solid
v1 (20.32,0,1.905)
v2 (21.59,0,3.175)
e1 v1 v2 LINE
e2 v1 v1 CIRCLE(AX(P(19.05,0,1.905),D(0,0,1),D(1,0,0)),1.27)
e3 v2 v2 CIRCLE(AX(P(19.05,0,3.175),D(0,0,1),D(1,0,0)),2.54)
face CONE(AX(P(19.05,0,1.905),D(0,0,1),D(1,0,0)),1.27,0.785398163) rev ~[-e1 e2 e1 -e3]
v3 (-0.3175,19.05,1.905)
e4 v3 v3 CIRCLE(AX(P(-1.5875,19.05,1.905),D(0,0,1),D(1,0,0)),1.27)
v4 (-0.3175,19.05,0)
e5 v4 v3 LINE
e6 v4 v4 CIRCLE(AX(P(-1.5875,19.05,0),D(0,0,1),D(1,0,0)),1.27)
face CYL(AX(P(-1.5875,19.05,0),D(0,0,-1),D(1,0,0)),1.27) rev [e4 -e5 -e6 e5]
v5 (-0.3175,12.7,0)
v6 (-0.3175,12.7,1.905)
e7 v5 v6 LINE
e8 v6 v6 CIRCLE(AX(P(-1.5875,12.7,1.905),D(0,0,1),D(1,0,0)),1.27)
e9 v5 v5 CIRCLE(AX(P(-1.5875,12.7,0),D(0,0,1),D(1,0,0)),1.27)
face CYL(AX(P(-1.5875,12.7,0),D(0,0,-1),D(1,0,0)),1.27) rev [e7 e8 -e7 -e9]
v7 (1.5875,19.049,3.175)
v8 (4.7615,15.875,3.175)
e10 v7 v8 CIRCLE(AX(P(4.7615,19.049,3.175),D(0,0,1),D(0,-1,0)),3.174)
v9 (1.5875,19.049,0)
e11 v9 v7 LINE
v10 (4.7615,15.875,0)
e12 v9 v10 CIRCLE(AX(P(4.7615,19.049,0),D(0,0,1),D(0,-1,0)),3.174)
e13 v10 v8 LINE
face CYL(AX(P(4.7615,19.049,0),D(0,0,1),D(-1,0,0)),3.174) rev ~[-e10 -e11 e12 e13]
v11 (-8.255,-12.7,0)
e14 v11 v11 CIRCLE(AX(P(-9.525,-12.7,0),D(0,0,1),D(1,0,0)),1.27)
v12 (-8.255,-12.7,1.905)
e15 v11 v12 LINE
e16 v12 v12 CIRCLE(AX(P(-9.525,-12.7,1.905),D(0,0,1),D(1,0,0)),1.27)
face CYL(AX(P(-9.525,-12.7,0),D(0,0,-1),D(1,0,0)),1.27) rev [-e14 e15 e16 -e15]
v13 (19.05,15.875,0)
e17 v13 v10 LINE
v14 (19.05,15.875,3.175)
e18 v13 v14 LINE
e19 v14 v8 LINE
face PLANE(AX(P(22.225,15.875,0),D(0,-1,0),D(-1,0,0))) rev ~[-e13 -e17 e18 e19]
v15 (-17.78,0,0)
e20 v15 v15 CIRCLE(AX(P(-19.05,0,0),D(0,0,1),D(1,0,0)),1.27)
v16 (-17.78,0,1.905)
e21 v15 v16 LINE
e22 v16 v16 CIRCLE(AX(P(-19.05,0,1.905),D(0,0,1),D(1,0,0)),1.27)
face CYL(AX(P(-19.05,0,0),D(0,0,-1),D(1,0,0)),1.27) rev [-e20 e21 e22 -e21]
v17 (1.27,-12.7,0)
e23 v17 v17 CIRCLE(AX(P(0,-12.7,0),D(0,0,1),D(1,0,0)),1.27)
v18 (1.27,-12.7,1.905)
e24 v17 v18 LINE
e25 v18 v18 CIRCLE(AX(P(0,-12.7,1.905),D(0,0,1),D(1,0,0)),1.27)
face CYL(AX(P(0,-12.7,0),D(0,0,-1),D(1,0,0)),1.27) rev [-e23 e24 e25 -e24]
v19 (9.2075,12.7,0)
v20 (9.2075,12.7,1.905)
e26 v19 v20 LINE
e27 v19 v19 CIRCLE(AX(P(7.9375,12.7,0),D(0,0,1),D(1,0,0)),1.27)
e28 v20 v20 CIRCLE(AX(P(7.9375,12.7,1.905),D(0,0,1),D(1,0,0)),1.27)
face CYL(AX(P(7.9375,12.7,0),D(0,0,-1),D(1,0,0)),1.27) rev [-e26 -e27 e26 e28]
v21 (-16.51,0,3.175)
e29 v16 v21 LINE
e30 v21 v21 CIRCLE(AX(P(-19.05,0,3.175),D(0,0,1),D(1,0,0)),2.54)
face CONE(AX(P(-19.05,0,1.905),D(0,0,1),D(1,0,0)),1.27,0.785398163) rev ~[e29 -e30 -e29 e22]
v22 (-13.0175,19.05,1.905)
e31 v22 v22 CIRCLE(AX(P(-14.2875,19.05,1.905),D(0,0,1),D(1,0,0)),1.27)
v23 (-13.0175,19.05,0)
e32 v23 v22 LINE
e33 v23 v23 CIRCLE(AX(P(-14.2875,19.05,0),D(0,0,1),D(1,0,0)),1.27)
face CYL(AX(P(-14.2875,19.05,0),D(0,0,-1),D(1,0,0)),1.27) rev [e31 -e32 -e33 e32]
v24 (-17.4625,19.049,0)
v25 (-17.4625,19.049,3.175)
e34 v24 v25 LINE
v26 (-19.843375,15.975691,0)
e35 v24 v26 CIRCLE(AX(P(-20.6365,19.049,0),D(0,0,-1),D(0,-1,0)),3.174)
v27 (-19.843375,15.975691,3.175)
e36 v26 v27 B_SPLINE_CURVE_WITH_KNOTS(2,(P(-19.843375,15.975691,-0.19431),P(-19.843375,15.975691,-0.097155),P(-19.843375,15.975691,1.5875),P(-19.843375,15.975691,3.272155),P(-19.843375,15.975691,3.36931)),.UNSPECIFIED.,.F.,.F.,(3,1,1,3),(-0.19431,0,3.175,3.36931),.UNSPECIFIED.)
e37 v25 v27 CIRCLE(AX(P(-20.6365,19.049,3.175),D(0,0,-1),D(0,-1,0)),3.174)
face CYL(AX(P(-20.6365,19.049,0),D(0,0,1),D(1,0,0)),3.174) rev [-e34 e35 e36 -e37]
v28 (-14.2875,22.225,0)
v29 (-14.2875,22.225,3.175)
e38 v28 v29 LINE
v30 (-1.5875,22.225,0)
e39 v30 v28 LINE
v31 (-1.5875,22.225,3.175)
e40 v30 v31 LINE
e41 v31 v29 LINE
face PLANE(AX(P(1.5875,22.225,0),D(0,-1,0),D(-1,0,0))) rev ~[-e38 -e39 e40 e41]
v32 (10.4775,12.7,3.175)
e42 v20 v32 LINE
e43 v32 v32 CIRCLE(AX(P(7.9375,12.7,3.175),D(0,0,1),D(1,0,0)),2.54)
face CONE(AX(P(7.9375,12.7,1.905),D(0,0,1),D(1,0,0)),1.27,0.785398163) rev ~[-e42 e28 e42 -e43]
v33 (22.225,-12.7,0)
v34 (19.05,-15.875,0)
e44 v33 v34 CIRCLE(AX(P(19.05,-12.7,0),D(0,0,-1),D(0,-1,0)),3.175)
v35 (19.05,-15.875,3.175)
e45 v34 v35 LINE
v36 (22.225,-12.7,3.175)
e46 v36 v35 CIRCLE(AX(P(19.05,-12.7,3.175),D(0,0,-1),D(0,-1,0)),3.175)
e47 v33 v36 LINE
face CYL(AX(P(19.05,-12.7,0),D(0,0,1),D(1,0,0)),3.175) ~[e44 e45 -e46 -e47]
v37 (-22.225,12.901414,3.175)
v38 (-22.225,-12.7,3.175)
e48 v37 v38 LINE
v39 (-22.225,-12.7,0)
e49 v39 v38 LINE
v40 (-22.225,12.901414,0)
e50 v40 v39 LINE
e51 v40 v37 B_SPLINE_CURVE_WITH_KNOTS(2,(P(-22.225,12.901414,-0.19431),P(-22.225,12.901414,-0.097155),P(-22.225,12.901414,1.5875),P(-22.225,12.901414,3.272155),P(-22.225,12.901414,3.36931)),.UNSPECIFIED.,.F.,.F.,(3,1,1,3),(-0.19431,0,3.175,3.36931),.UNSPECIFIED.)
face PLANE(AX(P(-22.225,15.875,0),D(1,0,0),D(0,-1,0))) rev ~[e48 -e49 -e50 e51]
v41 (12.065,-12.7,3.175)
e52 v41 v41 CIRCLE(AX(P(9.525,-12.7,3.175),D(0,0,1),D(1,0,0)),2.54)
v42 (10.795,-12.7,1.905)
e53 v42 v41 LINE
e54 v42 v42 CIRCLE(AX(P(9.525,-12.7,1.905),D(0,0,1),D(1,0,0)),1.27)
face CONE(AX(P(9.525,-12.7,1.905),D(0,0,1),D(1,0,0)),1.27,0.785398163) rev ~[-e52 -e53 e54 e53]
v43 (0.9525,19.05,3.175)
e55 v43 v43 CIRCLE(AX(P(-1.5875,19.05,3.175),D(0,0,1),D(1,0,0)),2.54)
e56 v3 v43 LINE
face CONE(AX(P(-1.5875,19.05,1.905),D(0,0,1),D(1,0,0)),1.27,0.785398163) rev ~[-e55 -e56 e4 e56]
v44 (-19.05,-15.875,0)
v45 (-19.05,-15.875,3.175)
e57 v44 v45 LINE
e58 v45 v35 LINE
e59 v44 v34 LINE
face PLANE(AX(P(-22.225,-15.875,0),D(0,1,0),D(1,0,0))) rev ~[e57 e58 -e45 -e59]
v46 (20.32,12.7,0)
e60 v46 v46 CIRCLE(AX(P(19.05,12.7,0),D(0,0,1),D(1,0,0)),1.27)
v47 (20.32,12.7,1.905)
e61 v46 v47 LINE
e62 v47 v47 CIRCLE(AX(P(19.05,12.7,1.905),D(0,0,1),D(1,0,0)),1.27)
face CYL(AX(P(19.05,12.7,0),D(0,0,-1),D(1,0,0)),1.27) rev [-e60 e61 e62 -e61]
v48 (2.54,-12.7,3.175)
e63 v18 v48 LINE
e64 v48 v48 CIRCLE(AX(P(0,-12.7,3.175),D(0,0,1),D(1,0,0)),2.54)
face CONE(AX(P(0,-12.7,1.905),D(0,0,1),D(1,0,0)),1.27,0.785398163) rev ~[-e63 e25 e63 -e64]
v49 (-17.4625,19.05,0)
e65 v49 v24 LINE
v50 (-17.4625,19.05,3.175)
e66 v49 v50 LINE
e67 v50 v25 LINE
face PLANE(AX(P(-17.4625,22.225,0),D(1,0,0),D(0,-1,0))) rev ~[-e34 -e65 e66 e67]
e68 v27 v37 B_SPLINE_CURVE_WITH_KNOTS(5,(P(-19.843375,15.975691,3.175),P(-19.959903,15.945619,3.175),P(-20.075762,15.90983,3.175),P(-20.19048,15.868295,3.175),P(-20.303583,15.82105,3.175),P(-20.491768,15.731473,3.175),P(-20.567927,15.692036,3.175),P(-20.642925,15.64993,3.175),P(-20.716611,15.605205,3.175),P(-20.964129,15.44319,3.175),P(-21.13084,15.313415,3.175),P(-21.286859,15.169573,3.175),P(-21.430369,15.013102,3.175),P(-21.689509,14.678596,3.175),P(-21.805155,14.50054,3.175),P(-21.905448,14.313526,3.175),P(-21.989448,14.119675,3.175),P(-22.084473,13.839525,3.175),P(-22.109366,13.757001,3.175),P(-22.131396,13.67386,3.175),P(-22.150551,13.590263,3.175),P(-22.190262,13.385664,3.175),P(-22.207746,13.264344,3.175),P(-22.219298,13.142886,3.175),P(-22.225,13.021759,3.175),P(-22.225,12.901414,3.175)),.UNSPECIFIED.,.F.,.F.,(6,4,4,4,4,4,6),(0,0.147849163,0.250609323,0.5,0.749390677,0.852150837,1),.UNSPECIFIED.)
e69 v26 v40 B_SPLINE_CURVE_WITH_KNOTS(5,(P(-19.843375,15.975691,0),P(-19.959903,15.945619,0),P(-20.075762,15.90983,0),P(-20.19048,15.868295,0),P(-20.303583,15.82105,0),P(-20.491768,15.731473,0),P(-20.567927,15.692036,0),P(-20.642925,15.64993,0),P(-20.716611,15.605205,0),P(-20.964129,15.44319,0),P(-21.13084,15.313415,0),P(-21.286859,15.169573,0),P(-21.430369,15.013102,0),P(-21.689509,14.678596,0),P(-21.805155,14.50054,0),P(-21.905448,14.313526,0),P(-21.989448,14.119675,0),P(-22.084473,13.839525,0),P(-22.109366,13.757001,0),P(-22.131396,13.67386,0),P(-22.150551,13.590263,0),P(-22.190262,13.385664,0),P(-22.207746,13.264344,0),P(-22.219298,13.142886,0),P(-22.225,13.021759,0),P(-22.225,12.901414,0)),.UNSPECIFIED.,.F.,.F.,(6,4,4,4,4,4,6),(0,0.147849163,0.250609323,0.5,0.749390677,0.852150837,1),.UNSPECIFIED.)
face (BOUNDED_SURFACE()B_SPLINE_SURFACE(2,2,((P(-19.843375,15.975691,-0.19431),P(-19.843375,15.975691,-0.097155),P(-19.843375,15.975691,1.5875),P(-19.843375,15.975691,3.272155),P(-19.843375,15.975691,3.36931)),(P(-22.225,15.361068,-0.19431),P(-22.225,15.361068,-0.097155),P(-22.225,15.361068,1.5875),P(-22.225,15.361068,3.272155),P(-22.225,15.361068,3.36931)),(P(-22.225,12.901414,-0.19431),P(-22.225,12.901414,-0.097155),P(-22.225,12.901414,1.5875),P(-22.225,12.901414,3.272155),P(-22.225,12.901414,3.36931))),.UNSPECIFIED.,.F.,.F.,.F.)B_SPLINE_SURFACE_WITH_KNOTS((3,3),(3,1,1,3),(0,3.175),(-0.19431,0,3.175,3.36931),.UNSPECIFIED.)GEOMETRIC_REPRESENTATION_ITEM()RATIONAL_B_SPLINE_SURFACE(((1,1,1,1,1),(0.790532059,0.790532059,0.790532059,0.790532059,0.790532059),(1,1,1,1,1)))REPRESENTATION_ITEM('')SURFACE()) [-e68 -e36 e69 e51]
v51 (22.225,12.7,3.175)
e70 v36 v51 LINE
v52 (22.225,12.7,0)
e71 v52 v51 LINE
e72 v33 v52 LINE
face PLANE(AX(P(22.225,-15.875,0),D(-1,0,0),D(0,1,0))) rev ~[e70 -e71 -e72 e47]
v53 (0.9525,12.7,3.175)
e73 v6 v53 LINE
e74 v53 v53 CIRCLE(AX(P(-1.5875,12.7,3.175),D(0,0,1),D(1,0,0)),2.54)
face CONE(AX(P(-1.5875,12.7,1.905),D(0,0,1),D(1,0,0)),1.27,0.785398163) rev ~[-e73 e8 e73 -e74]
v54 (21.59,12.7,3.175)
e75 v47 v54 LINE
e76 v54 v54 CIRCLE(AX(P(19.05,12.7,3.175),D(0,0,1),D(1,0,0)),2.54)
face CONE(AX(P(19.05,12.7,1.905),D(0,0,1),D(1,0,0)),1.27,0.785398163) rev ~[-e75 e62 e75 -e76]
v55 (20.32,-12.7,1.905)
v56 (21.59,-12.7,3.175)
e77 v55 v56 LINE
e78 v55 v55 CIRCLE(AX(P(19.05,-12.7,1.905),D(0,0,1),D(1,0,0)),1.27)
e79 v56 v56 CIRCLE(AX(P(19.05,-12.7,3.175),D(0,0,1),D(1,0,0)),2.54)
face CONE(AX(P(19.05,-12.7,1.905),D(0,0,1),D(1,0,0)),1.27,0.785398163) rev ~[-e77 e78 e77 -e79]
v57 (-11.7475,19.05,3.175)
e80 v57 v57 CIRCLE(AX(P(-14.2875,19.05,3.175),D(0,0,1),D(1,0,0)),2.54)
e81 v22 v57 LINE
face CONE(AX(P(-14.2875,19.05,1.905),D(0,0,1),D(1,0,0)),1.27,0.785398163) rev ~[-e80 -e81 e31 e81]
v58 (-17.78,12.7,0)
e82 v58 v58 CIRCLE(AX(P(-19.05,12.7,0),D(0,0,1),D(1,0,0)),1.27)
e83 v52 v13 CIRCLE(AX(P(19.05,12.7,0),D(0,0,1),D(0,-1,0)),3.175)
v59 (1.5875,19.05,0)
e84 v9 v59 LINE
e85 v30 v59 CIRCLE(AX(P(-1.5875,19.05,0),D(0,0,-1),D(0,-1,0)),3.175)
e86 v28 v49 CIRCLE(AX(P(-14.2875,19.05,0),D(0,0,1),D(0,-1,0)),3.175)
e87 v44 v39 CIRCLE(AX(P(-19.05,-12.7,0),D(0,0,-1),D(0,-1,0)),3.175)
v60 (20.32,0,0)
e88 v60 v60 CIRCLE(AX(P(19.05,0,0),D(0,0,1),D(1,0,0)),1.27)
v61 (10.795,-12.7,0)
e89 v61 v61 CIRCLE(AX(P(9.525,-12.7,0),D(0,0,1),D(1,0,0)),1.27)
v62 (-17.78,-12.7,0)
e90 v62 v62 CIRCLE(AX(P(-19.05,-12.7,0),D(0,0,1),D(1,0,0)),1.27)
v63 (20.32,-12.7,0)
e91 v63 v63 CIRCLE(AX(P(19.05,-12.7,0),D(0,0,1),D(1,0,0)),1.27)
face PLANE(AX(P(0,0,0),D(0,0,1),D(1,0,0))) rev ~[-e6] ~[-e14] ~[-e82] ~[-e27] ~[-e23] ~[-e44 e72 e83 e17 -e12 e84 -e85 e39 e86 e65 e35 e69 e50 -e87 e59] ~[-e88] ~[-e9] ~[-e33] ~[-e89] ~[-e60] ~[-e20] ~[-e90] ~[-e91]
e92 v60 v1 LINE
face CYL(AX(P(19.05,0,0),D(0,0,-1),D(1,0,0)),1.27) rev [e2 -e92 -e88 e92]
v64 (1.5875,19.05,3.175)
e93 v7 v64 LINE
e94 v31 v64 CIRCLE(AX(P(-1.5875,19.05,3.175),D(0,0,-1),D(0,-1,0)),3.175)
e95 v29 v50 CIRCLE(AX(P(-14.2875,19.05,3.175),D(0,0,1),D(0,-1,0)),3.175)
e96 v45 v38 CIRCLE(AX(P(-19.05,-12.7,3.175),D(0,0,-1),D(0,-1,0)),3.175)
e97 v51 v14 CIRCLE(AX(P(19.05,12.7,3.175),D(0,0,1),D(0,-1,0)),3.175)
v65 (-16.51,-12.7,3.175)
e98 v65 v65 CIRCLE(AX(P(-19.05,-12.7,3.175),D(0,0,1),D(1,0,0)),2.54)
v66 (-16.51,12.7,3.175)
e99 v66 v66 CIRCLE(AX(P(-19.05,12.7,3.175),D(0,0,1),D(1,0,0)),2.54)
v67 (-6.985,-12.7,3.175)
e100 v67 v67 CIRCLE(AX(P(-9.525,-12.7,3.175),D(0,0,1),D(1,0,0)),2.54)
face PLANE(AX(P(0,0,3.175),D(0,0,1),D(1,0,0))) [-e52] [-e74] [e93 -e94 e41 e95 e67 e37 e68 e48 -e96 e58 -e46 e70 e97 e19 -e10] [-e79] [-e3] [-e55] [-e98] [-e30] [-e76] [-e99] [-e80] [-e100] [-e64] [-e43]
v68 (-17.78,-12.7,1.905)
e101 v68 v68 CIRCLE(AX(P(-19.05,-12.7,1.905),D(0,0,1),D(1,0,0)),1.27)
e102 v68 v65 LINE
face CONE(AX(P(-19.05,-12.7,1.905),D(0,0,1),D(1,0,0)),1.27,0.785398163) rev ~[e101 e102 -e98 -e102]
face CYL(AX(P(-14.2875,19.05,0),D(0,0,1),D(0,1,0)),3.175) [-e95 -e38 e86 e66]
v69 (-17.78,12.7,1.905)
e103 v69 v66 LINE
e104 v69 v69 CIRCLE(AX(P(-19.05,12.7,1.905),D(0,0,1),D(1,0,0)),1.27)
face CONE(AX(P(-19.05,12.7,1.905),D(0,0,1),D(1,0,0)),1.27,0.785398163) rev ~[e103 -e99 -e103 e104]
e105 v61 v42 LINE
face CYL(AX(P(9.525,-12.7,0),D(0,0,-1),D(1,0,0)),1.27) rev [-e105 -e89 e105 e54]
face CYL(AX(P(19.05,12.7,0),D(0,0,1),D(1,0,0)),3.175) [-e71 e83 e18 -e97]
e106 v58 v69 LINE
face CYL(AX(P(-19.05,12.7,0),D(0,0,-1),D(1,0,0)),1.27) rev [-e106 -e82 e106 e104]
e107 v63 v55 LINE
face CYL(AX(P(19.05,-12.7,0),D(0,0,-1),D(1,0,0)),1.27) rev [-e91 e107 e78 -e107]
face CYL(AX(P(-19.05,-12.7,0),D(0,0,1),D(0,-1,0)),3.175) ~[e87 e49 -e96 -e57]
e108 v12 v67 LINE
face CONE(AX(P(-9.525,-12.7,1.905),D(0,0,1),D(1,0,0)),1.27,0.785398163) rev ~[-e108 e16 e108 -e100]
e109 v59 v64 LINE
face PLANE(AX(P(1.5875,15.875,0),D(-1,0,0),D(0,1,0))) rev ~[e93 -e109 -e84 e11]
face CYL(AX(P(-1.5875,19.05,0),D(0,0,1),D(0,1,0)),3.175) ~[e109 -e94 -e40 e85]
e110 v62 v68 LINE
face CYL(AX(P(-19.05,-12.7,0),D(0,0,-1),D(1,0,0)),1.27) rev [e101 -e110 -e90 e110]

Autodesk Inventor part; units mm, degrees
ref_plane "YZ Plane" through (0, 0, 0) normal (1, 0, 0) x (0, 1, 0)
ref_plane "XZ Plane" through (0, 0, 0) normal (0, 1, 0) x (-1, 0, 0)
ref_plane "XY Plane" through (0, 0, 0) normal (0, 0, 1) x (1, 0, 0)
sketch "Sketch4" plane through (0, 0, 0) normal (0, 0, 1) x (1, 0, 0)
  line L0 (15.875, 9.525) -> (15.875, -9.525)
  line L1 (15.875, -9.525) -> (-15.875, -9.525)
  line L2 (-15.875, -9.525) -> (-15.875, 9.525)
  line L3 (-15.875, 9.525) -> (-11.1125, 9.525)
  line L4 (-11.1125, 9.525) -> (-11.1125, 15.875)
  line L5 (-11.1125, 15.875) -> (-4.7625, 15.875)
  line L6 (-4.7625, 15.875) -> (-4.7625, 9.525)
  line L7 (-4.7625, 9.525) -> (15.875, 9.525)
  line L8 (1.5875, 22.225) -> (-17.4625, 22.225)
  line L9 (-17.4625, 22.225) -> (-17.4625, 15.875)
  line L10 (-17.4625, 15.875) -> (-22.225, 15.875)
  line L11 (-22.225, 15.875) -> (-22.225, -15.875)
  line L12 (-22.225, -15.875) -> (22.225, -15.875)
  line L13 (22.225, -15.875) -> (22.225, 15.875)
  line L14 (22.225, 15.875) -> (1.5875, 15.875)
  line L15 (1.5875, 15.875) -> (1.5875, 22.225)
  circle A0 centre (-14.2875, 19.05) radius 1.27
  circle A1 centre (-1.5875, 19.05) radius 1.27
  circle A2 centre (-1.5875, 12.7) radius 1.27
  circle A3 centre (7.9375, 12.7) radius 1.27
  circle A4 centre (19.05, 12.7) radius 1.27
  circle A5 centre (19.05, 0) radius 1.27
  circle A6 centre (19.05, -12.7) radius 1.27
  circle A7 centre (-19.05, 0) radius 1.27
  circle A8 centre (-19.05, -12.7) radius 1.27
  circle A9 centre (-9.525, -12.7) radius 1.27
  circle A10 centre (0, -12.7) radius 1.27
  circle A11 centre (9.525, -12.7) radius 1.27
  circle A12 centre (-19.05, 12.7) radius 1.27
  point P0 (0, 0)
  dimension "d95" = 2.54
  dimension "d96" = 2.54
  dimension "d97" = 2.54
  dimension "d98" = 2.54
  dimension "d99" = 2.54
  dimension "d100" = 2.54
  dimension "d101" = 2.54
  dimension "d102" = 2.54
  dimension "d103" = 2.54
  dimension "d104" = 2.54
  dimension "d105" = 2.54
  dimension "d106" = 2.54
  dimension "d107" = 3.175
  dimension "d108" = 3.175
  dimension "d109" = 3.175
  dimension "d110" = 3.175
  dimension "d111" = 3.175
  dimension "d112" = 3.175
  dimension "d113" = 9.525
  dimension "d114" = 9.525
  dimension "d115" = 9.525
  dimension "d116" = 9.525
  dimension "d117" = 2.54
  dimension "d118" = 3.175
  dimension "d119" = 3.175
extrude "Extrusion4" add sketch "Sketch4" along normal blind 3.175 contours L0 L1 L2 L3 L4 L5 L6 L7 | L15 L14 L13 L12 L11 L10 L9 L8
chamfer "Chamfer4" distance 1.27 angle 45 13 edges at (-15.5575, 19.05, 3.175) (-2.8575, 19.05, 3.175) (-2.8575, 12.7, 3.175) (6.6675, 12.7, 3.175) (17.78, 12.7, 3.175) (17.78, 0, 3.175) (17.78, -12.7, 3.175) (8.255, -12.7, 3.175) (-1.27, -12.7, 3.175) (-10.795, -12.7, 3.175) (-20.32, -12.7, 3.175) (-20.32, 0, 3.175) (-20.32, 12.7, 3.175)
fillet "Fillet3" radius 3.175 8 edges at (-17.4625, 22.225, 1.5875) (1.5875, 22.225, 1.5875) (1.5875, 15.875, 1.5875) (-17.4625, 15.875, 1.5875) (-22.225, 15.875, 1.5875) (22.225, 15.875, 1.5875) (22.225, -15.875, 1.5875) (-22.225, -15.875, 1.5875)
equation "\"d115\" = d114"
equation "\"d116\" = d114"
properties part number "foreElectronicsSealingWallFrontCap" material "ABS Plastic"
